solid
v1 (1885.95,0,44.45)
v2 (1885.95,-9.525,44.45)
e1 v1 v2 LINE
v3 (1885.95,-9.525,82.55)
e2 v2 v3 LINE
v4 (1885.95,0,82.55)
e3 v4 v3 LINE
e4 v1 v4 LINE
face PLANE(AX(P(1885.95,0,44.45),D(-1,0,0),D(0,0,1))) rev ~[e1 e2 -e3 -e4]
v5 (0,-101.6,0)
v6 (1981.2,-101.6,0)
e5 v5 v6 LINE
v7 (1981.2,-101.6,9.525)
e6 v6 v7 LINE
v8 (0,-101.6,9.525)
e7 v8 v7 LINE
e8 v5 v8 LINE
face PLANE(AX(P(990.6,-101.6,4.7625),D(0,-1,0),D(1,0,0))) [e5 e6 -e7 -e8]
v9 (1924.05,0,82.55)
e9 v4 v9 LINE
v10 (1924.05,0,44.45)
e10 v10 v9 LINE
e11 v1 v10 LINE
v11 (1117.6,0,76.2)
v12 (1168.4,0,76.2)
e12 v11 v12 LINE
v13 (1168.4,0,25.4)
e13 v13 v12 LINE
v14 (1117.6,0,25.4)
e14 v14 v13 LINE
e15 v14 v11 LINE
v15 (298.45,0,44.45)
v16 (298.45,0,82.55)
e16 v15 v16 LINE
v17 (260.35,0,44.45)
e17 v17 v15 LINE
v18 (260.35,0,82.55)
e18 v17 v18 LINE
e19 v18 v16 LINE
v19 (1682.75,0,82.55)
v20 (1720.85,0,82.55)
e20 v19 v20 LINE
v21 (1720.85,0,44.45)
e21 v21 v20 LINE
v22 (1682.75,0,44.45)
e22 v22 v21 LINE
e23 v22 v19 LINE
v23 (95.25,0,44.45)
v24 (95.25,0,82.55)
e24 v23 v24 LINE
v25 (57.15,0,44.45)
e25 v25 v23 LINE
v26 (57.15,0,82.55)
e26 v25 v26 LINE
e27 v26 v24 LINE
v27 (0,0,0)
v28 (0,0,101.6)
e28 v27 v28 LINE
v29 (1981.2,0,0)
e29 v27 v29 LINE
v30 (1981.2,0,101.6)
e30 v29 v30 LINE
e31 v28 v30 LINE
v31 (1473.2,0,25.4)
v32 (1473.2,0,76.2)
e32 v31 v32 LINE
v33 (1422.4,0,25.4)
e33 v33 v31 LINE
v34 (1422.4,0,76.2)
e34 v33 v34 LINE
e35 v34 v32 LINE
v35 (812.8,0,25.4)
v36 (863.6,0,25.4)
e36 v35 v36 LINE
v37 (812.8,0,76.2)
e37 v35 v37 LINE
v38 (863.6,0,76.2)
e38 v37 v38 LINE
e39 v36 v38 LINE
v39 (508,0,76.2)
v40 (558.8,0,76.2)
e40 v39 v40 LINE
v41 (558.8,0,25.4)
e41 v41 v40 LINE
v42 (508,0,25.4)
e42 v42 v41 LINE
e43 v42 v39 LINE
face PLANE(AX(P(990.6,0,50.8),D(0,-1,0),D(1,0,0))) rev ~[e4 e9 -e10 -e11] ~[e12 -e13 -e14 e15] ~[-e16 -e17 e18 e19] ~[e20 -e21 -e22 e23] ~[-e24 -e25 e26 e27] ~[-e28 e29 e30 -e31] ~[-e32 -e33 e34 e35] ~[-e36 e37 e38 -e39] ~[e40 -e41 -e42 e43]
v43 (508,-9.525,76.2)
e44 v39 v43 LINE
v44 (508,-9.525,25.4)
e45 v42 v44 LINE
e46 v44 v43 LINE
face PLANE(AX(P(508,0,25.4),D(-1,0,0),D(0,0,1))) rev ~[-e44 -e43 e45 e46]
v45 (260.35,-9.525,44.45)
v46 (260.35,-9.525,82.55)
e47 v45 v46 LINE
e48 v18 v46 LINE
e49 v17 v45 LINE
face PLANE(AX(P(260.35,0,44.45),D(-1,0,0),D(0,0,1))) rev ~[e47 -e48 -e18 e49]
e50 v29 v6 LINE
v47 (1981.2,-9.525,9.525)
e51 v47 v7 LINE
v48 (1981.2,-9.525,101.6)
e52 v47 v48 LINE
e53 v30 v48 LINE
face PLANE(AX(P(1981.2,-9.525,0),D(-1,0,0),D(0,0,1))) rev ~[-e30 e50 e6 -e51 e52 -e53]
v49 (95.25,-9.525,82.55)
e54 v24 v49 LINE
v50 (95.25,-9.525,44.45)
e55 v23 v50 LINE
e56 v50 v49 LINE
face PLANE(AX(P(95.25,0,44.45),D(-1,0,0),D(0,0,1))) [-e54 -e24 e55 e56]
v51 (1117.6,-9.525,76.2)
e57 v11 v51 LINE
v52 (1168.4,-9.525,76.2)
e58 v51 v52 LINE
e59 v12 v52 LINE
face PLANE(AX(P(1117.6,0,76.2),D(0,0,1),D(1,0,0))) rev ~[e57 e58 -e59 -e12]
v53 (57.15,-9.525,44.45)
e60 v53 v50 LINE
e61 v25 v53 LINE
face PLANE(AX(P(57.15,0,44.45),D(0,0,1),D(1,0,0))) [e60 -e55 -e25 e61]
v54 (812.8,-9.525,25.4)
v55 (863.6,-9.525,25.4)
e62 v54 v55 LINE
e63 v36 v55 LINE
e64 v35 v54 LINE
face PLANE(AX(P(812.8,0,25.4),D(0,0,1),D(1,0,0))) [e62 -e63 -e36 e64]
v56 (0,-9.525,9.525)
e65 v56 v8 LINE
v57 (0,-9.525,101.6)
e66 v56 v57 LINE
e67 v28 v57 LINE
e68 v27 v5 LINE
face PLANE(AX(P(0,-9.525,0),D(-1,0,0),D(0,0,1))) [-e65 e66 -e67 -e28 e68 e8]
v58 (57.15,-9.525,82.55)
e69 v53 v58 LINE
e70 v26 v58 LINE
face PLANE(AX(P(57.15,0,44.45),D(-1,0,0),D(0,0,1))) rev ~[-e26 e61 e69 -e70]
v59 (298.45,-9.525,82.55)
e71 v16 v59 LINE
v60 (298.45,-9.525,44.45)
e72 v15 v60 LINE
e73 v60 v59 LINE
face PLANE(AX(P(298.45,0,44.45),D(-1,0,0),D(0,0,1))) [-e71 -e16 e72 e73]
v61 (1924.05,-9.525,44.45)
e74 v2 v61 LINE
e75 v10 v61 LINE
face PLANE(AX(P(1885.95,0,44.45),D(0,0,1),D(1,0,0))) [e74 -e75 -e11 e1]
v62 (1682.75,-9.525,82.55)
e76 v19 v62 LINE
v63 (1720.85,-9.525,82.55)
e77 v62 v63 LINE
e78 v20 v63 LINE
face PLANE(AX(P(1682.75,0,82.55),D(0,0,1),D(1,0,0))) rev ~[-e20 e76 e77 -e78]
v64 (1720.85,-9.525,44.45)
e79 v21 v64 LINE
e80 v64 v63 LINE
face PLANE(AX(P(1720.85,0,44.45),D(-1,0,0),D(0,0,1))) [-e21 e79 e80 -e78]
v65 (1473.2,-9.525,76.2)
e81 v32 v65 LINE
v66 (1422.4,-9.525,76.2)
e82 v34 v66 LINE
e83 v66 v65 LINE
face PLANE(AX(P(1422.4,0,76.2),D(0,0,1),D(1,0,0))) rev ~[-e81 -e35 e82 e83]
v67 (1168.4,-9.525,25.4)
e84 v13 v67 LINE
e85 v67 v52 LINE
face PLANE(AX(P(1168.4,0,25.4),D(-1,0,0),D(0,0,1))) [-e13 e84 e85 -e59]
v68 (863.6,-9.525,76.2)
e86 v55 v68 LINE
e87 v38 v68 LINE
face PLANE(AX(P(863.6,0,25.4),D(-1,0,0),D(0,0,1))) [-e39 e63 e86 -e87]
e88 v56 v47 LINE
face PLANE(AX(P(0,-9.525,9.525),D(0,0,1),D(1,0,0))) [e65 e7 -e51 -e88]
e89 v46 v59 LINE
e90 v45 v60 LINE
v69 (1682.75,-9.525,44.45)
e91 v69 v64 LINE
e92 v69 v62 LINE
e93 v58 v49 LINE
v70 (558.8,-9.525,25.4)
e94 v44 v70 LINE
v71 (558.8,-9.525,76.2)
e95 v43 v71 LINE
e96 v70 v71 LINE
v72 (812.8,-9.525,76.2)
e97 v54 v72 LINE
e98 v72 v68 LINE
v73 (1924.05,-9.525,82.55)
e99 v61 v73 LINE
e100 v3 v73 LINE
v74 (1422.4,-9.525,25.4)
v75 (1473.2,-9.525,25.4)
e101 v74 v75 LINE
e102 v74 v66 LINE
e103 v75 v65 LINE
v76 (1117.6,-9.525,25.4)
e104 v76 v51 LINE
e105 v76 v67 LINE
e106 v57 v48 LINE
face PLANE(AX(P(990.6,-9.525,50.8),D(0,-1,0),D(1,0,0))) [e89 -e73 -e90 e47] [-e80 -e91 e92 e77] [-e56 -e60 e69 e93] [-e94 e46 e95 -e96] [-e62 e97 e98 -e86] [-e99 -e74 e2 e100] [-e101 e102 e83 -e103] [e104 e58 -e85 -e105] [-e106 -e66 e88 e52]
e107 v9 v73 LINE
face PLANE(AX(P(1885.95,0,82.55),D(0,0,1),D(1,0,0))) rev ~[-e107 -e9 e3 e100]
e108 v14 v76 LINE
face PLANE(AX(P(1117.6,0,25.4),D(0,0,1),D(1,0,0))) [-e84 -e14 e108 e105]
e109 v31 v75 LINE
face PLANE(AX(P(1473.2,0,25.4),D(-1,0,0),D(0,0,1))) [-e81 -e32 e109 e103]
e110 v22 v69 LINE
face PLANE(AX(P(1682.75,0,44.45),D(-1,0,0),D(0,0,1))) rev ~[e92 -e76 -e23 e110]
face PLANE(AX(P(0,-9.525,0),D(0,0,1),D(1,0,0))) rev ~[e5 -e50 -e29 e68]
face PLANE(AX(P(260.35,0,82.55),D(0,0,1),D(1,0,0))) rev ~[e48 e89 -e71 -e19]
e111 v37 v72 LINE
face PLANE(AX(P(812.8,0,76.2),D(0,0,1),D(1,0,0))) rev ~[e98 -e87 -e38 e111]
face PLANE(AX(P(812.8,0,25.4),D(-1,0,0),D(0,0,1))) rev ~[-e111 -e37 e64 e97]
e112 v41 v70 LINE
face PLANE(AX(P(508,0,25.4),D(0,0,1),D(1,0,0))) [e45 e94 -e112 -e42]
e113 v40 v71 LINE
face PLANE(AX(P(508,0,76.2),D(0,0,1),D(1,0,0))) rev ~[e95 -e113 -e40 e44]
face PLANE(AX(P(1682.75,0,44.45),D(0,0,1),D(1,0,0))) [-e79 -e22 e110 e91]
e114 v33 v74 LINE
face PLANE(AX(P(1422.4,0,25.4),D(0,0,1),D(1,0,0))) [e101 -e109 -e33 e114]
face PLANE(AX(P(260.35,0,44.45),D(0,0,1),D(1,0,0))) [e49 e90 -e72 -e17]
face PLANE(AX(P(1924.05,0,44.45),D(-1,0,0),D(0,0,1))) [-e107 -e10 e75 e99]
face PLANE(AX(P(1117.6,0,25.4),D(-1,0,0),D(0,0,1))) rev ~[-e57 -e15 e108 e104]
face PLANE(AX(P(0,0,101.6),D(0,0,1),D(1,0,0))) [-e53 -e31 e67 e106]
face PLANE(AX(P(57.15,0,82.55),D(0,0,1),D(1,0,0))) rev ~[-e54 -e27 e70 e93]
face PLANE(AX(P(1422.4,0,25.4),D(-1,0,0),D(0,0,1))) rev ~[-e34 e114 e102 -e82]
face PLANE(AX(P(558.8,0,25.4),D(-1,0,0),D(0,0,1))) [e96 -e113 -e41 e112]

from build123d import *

# Parameters (mm, degrees)
F0_W     = 1981.2
F0_H     = 101.6
F0_W_2   = 50.8
F0_H_2   = 50.8
F0_W_3   = 38.1
F0_H_3   = 38.1
F1_DEPTH = 9.525
F2_W     = 1981.2
F2_H     = 9.525
F3_DEPTH = 92.075


with BuildPart() as f1:
    # F0 (on Front) → F1 (new body)
    with BuildSketch(Plane.XZ):
        with Locations((990.6, 50.8)):
            Rectangle(F0_W, F0_H)
        with Locations((533.4, 50.8)):
            Rectangle(F0_W_2, F0_H_2, mode=Mode.SUBTRACT)
        with Locations((838.2, 50.8)):
            Rectangle(F0_W_2, F0_H_2, mode=Mode.SUBTRACT)
        with Locations((1143, 50.8)):
            Rectangle(F0_W_2, F0_H_2, mode=Mode.SUBTRACT)
        with Locations((1447.8, 50.8)):
            Rectangle(F0_W_2, F0_H_2, mode=Mode.SUBTRACT)
        with Locations((76.2, 63.5)):
            Rectangle(F0_W_3, F0_H_3, mode=Mode.SUBTRACT)
        with Locations((279.4, 63.5)):
            Rectangle(F0_W_3, F0_H_3, mode=Mode.SUBTRACT)
        with Locations((1701.8, 63.5)):
            Rectangle(F0_W_3, F0_H_3, mode=Mode.SUBTRACT)
        with Locations((1905, 63.5)):
            Rectangle(F0_W_3, F0_H_3, mode=Mode.SUBTRACT)
    extrude(amount=F1_DEPTH)

    # F2 (on face) → F3 (join)
    with BuildSketch(Plane.XZ.offset(9.525)):
        with Locations((990.6, 4.7625)):
            Rectangle(F2_W, F2_H)
    extrude(amount=F3_DEPTH)


solid = f1.part
